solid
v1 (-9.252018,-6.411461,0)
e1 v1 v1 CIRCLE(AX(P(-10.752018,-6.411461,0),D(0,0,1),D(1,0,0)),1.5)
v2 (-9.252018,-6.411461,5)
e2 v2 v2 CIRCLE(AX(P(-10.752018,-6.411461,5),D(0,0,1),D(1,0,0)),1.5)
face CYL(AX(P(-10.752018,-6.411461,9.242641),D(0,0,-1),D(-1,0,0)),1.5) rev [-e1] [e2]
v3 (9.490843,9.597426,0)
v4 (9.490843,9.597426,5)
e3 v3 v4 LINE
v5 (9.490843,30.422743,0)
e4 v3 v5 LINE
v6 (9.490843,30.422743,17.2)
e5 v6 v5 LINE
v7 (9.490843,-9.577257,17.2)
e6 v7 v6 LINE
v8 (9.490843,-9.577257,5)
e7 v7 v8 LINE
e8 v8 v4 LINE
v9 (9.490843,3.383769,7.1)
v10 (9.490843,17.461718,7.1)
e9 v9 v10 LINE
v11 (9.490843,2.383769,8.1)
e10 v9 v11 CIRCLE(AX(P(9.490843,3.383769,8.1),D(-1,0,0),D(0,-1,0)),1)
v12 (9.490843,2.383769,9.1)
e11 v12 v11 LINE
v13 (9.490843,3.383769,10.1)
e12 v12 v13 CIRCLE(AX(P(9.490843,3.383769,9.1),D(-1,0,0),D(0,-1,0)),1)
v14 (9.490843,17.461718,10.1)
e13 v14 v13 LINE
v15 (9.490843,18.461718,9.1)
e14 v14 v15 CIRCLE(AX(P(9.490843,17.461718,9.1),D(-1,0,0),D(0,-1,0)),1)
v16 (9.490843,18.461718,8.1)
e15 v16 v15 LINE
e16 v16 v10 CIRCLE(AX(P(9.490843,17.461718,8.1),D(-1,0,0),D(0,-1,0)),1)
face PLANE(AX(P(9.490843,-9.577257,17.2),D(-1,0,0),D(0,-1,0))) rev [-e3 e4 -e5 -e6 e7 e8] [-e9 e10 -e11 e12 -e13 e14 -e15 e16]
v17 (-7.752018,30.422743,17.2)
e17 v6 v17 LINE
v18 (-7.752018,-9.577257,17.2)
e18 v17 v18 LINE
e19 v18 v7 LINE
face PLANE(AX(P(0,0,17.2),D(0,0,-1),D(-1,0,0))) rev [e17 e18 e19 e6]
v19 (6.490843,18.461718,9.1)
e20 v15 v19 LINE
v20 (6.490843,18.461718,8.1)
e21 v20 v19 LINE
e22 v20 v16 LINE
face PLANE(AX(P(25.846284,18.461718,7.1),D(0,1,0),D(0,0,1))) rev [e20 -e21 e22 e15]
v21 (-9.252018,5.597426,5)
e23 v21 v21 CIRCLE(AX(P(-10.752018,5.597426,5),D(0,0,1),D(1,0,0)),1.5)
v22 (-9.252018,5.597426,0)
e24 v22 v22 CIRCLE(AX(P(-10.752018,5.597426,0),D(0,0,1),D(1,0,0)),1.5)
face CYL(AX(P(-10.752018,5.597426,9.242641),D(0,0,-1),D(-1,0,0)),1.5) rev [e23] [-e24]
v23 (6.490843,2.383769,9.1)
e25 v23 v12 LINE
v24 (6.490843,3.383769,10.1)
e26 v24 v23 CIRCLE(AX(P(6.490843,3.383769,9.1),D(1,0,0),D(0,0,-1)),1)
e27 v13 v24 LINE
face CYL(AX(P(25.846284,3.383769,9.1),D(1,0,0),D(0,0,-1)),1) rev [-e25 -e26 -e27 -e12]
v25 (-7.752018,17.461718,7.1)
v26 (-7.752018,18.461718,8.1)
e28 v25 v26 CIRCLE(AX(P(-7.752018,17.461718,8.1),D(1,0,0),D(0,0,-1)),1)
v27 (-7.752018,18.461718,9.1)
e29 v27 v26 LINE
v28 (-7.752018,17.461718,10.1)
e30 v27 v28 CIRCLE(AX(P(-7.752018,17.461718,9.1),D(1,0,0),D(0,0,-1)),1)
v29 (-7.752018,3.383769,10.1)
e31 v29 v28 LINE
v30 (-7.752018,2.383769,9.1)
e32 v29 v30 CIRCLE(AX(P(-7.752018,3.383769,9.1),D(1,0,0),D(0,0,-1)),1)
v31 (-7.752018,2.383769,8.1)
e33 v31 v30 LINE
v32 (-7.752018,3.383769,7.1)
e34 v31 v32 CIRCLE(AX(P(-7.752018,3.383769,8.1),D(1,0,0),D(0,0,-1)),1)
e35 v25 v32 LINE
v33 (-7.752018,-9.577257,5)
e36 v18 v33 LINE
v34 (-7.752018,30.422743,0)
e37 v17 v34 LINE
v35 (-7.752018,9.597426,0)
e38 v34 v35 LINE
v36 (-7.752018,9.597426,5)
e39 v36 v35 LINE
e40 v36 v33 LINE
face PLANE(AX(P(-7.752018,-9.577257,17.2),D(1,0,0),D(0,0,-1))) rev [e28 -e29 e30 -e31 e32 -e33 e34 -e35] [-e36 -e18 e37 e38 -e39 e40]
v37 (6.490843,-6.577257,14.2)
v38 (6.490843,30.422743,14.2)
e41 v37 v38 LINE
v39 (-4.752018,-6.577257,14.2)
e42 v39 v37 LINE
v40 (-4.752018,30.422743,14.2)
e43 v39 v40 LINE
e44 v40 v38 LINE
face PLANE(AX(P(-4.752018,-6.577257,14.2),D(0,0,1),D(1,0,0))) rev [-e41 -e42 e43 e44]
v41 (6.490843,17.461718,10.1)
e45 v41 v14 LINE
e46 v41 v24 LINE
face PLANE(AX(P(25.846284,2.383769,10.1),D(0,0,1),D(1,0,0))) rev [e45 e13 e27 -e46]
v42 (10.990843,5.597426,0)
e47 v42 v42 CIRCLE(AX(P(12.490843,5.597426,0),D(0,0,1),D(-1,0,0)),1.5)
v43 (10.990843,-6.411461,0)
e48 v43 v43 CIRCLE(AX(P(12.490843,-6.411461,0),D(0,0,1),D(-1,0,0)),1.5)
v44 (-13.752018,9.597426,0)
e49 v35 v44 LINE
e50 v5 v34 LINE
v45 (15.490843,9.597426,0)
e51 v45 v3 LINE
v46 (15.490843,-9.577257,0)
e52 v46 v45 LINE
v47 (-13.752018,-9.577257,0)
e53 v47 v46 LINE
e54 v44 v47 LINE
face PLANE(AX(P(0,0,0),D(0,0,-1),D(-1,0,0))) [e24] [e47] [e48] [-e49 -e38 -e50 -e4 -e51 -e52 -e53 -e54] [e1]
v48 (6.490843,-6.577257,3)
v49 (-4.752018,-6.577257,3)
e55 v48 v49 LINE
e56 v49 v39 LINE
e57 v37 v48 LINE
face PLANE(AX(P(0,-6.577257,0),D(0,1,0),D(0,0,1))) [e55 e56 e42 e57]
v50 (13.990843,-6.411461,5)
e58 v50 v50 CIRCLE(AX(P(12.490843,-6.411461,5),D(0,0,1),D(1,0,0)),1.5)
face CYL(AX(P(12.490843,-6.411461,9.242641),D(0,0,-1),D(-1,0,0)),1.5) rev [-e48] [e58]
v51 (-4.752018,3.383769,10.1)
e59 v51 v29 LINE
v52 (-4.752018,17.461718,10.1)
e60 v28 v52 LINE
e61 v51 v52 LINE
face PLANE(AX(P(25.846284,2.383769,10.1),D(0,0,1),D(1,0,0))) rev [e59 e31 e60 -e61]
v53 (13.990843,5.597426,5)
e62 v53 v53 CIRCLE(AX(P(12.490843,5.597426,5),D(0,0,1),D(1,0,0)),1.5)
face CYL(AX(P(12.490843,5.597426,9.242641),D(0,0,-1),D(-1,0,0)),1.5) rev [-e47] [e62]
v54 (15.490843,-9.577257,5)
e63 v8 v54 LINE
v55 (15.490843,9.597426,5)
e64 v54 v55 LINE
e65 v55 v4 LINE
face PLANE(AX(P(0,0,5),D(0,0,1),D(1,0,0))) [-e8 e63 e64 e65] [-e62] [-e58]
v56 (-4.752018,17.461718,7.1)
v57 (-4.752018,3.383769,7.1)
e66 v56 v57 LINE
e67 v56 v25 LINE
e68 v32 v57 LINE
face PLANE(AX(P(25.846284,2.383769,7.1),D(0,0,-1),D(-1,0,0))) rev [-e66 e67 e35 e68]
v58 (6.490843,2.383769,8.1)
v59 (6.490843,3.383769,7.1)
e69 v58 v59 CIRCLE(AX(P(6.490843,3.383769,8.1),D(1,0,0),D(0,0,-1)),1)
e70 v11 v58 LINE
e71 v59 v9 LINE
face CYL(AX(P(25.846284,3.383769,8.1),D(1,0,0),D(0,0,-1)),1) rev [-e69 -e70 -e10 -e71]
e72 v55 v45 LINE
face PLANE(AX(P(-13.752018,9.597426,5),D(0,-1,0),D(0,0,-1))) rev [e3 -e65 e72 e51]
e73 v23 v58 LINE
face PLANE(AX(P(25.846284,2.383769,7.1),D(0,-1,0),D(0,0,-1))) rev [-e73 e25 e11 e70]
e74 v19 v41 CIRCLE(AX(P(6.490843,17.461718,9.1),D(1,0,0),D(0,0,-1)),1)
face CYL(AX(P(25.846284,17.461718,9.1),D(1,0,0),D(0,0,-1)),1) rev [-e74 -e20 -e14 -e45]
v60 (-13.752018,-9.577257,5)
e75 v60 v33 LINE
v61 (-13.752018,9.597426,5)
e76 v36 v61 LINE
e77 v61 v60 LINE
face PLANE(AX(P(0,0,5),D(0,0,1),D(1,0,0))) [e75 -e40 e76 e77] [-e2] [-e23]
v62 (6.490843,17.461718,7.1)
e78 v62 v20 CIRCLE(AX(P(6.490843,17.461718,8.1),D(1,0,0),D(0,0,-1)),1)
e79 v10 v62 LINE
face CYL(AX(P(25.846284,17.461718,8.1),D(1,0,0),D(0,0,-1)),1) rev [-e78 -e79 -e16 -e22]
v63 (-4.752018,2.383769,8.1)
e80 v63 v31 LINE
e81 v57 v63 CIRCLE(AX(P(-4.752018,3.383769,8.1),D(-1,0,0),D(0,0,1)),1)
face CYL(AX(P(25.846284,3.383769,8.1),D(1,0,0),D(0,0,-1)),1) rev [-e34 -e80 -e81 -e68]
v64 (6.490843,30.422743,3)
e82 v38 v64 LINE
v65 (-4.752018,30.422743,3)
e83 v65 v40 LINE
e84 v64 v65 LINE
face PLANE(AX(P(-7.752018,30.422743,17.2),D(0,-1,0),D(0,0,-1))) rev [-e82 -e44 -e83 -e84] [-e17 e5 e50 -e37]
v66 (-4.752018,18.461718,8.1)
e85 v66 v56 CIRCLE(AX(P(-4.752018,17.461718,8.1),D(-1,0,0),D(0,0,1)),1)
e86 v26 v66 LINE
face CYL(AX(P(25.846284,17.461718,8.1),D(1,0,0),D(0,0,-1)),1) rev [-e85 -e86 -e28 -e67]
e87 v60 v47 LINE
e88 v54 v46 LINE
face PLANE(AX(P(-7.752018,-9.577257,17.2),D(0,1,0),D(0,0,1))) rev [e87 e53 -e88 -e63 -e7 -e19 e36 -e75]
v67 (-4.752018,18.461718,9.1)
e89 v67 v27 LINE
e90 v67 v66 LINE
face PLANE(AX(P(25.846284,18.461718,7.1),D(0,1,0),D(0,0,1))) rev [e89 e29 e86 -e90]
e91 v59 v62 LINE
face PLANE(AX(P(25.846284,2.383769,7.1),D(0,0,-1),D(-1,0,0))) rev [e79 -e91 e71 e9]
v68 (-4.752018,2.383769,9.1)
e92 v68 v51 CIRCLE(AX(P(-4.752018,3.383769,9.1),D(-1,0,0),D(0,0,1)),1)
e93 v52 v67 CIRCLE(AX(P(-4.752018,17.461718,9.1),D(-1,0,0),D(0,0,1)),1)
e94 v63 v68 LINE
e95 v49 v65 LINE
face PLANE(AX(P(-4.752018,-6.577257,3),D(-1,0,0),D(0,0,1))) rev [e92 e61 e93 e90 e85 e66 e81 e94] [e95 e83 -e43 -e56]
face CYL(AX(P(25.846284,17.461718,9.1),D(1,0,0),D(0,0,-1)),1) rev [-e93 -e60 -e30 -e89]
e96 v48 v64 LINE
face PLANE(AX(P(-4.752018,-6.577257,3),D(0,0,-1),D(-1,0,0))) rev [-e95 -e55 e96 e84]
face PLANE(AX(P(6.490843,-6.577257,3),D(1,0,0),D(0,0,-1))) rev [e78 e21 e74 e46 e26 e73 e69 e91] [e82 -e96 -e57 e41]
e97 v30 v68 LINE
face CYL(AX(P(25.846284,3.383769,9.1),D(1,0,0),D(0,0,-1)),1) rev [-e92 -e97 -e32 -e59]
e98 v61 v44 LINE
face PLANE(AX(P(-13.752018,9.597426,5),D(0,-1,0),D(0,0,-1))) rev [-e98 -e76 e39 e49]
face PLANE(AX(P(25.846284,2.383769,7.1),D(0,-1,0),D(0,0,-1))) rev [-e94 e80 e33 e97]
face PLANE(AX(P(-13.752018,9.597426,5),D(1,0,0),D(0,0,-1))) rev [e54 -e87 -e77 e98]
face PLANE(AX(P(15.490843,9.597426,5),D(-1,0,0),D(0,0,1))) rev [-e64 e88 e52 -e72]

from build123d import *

# Parameters (mm, degrees)
SKETCH7_W           = 17.242861366
SKETCH7_H           = 40
BOSS_EXTRUDE1_DEPTH = 17.2
SKETCH8_W           = 29.242861366
SKETCH8_H           = 19.174682453
BOSS_EXTRUDE2_DEPTH = 5
SKETCH10_W          = 11.242861366
SKETCH10_H          = 11.2
CUT_EXTRUDE2_DEPTH  = 37
CUT_EXTRUDE3_REACH  = 43.972
SKETCH11_W          = 3
SKETCH11_H          = 16.077949268
FILLET1_R           = 1
SKETCH12_R          = 1.5
CUT_EXTRUDE4_DEPTH  = 5


with BuildPart() as part:
    # Sketch7 → Boss-Extrude1 (new body)
    with BuildSketch(Plane.XY):
        with Locations((0.869412251, 10.42274338)):
            Rectangle(SKETCH7_W, SKETCH7_H)
    extrude(amount=BOSS_EXTRUDE1_DEPTH)

    # Sketch8 → Boss-Extrude2 (add)
    with BuildSketch(Plane.XY):
        with Locations((0.869412251, 0.010084607)):
            Rectangle(SKETCH8_W, SKETCH8_H)
    extrude(amount=BOSS_EXTRUDE2_DEPTH)

    # Sketch10 → Cut-Extrude2 (cut)
    with BuildSketch(Plane(origin=(0, 30.42274338, 0), x_dir=(1, 0, 0), z_dir=(0, 1, 0))):
        with Locations((0.869412251, -8.6)):
            Rectangle(SKETCH10_W, SKETCH10_H)
    extrude(amount=-CUT_EXTRUDE2_DEPTH, mode=Mode.SUBTRACT)

    # Cut-Extrude3: up to this face of the body (flat: up to its plane)
    cut_extrude3_end = Plane(part.part.faces().sort_by_distance((9.490842934, 12.108695587, 9.587673627))[0])
    # Sketch11 → Cut-Extrude3 (cut, up to the picked face)
    with BuildSketch(Plane.ZY.offset(7.752018432), mode=Mode.PRIVATE) as cut_extrude3_sk1:
        with Locations((8.6, 10.42274338)):
            Rectangle(SKETCH11_W, SKETCH11_H)
    cut_extrude3_tool1 = split(extrude(cut_extrude3_sk1.sketch, amount=-CUT_EXTRUDE3_REACH, mode=Mode.PRIVATE), bisect_by=cut_extrude3_end, keep=Keep.BOTH, mode=Mode.PRIVATE)
    add(cut_extrude3_tool1.solids().sort_by(Axis((-7.752018, 10.422743, 8.6), (1, 0, 0)))[0], mode=Mode.SUBTRACT)

    # Fillet1
    fillet1_edges = [part.edges().sort_by_distance(p)[0] for p in [
        (7.990842934, 18.461718014, 10.1),
        (-6.252018432, 18.461718014, 10.1),
        (7.990842934, 2.383768746, 10.1),
        (-6.252018432, 2.383768746, 10.1),
        (7.990842934, 2.383768746, 7.1),
        (-6.252018432, 2.383768746, 7.1),
        (7.990842934, 18.461718014, 7.1),
        (-6.252018432, 18.461718014, 7.1),
    ]]
    fillet(fillet1_edges, radius=FILLET1_R)

    # Sketch12 → Cut-Extrude4 (cut)
    with BuildSketch(Plane.XY):
        with Locations((-10.752018432, 5.597425833)):
            Circle(SKETCH12_R)
        with Locations((-10.752018432, -6.411460604)):
            Circle(SKETCH12_R)
        with Locations(Location((12.490842934, -6.411460604, 0), (0, 0, 180))):
            Circle(SKETCH12_R)
        with Locations(Location((12.490842934, 5.597425833, 0), (0, 0, 180))):
            Circle(SKETCH12_R)
    extrude(amount=CUT_EXTRUDE4_DEPTH, mode=Mode.SUBTRACT)


solid = part.part
